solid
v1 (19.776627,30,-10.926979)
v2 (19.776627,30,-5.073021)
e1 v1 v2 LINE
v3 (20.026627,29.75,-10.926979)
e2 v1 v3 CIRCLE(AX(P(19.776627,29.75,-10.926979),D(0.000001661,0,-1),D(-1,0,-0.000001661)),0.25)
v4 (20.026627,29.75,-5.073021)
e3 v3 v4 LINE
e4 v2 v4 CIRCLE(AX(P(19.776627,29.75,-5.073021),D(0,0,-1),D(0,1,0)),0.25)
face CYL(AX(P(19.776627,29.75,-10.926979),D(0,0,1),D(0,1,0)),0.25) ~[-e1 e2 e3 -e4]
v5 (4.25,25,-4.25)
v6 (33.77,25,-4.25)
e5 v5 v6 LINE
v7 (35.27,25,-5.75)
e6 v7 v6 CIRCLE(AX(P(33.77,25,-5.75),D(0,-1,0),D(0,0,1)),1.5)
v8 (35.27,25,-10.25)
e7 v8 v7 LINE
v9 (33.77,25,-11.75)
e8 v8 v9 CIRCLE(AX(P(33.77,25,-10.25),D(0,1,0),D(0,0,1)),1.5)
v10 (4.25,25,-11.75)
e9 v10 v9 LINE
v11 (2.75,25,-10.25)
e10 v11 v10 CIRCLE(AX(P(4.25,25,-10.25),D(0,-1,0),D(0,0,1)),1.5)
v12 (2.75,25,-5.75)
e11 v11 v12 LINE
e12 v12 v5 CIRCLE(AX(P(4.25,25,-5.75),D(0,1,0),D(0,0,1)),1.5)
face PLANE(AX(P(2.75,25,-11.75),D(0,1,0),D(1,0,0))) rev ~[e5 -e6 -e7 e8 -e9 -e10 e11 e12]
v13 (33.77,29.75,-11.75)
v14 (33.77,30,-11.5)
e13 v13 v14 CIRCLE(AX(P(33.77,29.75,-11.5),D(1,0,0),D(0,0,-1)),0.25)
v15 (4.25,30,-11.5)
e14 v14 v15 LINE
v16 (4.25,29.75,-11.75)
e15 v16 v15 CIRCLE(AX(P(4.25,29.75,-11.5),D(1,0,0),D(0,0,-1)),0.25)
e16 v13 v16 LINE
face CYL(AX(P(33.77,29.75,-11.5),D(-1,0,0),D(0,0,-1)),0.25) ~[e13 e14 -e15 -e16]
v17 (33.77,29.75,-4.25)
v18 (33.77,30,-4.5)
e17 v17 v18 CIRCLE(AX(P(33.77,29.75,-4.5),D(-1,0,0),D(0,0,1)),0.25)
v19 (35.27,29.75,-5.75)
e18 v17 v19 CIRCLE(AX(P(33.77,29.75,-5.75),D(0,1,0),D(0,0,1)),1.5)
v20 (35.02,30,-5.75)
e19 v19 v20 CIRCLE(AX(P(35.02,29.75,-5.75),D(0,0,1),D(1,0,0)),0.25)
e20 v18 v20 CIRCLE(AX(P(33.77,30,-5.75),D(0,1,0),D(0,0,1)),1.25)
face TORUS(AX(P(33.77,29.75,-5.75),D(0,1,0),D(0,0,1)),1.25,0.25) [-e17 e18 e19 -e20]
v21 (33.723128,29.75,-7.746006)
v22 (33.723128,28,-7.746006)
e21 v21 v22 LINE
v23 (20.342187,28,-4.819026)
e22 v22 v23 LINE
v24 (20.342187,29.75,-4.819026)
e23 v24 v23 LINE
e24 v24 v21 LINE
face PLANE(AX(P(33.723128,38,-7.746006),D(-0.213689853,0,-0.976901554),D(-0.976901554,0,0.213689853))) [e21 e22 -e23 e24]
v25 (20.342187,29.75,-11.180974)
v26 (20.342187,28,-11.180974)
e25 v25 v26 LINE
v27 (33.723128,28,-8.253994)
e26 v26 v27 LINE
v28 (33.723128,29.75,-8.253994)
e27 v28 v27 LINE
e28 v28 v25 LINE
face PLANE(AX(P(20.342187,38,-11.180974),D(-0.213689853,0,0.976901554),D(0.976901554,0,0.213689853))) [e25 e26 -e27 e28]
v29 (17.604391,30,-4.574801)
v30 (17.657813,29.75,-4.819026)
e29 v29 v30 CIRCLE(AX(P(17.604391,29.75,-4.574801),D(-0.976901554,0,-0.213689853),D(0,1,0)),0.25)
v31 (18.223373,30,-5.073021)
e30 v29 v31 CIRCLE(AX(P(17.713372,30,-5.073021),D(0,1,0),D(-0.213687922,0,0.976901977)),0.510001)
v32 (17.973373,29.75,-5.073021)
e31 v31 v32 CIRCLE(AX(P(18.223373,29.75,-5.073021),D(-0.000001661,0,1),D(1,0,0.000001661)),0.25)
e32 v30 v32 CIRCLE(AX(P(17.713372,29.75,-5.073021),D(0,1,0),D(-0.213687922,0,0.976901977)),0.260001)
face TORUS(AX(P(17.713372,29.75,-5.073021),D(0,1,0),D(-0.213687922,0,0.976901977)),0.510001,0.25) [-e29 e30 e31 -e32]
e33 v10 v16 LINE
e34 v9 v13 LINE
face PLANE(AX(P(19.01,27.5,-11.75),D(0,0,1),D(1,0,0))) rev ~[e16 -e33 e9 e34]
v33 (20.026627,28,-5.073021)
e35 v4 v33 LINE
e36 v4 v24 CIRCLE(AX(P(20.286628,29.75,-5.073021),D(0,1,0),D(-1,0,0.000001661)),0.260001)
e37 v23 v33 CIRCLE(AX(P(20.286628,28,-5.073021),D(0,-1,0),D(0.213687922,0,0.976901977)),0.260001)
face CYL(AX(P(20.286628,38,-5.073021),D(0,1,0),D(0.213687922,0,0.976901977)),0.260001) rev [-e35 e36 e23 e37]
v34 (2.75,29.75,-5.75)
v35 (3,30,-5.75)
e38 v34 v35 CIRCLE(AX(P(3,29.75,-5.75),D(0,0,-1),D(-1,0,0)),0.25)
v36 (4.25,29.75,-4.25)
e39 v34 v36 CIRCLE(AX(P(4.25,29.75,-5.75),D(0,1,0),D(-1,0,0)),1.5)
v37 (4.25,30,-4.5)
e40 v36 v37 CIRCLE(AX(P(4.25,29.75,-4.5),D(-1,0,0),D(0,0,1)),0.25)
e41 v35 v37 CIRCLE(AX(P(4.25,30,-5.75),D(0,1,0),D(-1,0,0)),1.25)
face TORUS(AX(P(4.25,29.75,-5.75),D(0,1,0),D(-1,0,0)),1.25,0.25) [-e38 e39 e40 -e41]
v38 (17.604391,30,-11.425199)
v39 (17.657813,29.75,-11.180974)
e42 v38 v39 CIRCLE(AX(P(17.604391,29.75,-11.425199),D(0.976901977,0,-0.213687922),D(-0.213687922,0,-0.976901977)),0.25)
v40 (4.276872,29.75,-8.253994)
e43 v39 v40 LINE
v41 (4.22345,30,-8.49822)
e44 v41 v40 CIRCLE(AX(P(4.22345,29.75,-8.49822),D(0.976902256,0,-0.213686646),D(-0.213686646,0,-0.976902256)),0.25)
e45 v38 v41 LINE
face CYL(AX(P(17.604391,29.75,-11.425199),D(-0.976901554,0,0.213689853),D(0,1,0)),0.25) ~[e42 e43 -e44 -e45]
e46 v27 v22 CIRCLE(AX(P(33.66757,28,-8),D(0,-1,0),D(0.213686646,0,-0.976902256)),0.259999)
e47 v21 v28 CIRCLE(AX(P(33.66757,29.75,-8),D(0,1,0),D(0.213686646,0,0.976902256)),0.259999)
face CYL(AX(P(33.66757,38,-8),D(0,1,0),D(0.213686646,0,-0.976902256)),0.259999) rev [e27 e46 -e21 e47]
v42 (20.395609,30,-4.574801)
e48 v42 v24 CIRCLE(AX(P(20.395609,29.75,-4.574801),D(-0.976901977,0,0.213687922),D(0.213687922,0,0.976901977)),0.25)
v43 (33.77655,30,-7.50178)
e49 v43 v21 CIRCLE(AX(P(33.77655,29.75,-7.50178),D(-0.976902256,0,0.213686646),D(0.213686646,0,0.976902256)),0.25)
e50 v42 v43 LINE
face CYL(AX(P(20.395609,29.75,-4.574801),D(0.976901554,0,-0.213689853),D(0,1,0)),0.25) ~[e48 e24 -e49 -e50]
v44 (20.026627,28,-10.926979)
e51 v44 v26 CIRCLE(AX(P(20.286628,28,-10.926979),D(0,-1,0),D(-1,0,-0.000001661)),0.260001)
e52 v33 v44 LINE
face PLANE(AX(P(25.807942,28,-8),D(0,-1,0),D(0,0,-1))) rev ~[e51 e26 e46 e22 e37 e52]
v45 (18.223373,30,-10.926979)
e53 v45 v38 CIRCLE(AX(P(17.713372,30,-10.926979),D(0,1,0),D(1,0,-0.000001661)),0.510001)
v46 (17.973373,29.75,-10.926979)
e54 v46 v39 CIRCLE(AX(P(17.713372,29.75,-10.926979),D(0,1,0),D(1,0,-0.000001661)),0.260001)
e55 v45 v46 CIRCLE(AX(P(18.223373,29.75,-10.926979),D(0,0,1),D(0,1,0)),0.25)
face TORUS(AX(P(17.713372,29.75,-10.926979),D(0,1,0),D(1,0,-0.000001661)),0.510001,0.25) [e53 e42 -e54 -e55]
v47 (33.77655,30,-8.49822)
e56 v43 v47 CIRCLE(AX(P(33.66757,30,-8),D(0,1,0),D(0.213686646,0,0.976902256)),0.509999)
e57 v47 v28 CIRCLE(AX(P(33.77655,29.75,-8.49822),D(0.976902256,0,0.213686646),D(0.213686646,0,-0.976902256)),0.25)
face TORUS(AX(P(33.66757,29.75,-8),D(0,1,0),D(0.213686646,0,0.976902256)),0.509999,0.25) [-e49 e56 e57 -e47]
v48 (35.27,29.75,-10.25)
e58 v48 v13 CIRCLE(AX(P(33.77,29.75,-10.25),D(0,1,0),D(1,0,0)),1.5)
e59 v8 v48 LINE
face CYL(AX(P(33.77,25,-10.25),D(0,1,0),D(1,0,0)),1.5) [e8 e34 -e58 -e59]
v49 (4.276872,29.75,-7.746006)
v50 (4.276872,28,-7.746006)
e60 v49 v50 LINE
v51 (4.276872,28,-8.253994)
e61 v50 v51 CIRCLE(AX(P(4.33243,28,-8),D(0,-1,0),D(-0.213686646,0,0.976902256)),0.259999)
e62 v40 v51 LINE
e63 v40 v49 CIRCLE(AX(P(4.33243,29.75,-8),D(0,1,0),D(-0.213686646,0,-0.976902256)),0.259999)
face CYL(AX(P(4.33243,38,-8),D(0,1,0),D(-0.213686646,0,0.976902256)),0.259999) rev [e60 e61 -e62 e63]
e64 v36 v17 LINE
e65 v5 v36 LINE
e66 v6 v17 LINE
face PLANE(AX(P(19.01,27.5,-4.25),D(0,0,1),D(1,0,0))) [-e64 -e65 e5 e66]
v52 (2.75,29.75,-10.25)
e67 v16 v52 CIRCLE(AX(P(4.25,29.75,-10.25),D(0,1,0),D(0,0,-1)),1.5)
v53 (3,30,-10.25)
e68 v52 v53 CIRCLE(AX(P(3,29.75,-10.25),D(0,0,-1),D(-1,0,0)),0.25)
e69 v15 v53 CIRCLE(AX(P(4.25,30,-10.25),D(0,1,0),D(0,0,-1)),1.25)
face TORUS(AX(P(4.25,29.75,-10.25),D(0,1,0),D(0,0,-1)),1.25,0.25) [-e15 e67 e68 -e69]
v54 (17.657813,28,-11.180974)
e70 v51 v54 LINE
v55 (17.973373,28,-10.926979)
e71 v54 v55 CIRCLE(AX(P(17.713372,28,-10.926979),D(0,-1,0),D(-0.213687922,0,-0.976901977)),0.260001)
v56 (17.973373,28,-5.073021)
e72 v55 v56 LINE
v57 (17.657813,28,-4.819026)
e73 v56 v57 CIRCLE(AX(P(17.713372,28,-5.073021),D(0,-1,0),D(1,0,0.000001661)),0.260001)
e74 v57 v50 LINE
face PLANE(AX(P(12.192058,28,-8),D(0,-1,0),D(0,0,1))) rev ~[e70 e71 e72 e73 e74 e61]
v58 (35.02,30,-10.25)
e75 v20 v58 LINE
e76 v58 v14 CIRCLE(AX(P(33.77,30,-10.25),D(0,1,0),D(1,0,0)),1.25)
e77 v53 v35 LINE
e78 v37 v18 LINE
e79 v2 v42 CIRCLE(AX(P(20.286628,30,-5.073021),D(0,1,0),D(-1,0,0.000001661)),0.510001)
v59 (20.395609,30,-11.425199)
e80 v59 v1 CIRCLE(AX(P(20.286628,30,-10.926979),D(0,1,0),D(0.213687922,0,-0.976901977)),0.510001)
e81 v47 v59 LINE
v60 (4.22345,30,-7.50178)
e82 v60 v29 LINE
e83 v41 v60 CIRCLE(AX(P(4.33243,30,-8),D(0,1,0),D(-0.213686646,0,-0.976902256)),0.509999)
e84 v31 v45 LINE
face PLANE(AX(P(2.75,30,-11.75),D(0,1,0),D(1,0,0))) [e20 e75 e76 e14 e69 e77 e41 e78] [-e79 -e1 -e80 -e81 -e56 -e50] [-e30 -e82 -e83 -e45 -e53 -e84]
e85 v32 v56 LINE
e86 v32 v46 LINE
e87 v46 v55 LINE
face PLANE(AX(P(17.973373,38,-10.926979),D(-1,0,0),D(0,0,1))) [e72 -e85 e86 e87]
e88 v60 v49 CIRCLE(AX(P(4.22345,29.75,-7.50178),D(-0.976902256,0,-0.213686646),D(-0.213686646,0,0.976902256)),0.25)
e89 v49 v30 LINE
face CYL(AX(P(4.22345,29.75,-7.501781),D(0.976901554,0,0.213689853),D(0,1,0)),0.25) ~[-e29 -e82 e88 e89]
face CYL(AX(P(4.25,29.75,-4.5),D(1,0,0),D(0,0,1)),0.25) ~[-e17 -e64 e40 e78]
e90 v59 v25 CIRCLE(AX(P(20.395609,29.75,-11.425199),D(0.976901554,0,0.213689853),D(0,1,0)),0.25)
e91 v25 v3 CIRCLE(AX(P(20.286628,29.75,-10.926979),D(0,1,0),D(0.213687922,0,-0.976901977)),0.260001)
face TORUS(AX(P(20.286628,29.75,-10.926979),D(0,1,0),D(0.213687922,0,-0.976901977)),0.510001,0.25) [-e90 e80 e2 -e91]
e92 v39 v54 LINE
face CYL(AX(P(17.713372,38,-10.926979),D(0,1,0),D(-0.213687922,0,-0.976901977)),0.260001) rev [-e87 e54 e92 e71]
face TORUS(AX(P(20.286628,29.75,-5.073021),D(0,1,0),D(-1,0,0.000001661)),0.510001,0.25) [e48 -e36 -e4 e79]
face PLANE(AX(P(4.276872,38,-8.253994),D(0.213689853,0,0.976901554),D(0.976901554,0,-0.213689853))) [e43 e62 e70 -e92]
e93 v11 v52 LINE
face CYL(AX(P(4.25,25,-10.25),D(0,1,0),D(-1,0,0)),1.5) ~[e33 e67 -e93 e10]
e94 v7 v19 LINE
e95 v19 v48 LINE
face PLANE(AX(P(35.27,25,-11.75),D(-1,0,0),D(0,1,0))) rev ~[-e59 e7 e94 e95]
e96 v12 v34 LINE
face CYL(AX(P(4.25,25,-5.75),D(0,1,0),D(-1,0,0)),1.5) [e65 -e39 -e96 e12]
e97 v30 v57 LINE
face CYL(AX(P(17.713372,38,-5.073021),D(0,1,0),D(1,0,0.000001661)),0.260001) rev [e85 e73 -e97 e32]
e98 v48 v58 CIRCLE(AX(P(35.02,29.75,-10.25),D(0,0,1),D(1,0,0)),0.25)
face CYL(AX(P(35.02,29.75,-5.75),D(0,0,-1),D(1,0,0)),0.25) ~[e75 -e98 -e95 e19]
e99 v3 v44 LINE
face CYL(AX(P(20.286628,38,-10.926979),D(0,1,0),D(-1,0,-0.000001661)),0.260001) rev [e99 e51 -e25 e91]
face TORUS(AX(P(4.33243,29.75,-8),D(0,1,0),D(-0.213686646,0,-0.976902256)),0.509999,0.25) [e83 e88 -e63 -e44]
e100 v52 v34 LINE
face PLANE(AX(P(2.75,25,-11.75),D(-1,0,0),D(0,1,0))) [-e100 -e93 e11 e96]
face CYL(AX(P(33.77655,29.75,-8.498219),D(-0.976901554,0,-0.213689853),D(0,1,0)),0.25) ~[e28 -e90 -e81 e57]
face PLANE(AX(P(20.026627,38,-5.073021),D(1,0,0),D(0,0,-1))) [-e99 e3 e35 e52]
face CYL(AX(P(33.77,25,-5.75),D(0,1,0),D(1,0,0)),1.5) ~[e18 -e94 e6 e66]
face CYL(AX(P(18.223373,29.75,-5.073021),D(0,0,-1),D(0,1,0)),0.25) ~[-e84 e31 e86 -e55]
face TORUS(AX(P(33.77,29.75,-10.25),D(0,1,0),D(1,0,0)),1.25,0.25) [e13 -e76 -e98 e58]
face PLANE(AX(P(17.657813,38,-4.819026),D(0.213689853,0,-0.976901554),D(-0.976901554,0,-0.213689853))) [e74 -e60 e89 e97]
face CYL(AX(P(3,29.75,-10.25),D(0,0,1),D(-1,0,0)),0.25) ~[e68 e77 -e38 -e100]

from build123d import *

# Parameters (mm, degrees)
PAD001_DEPTH            = 10
BODY001_PLACEMENT_ANGLE = 90
PAD003_DEPTH            = 10
BODY003_PLACEMENT_ANGLE = 270
BOX005_W                = 32.52
BOX005_H                = 5
BOX005_DEPTH            = 7.5
FILLET002_R             = 1.5
FILLET003_R             = 0.25


with BuildPart() as body001:
    # Sketch001 → Pad001 (new body)
    with BuildSketch(Plane.XZ):
        with BuildLine():
            Line((-0.253994, 6.623128), (-3.180974, -6.757813))
            ThreePointArc((-3.180974, -6.757813), (-3.12952, -6.976398), (-2.926979, -7.073373))
            Line((-2.926979, -7.073373), (2.926979, -7.073373))
            ThreePointArc((2.926979, -7.073373), (3.12952, -6.976398), (3.180974, -6.757813))
            Line((3.180974, -6.757813), (0.253994, 6.623128))
            ThreePointArc((0.253994, 6.623128), (0, 6.827569), (-0.253994, 6.623128))
        make_face()
    extrude(amount=PAD001_DEPTH)


with BuildPart() as body001_1:
    # Body001 placement: moved
    add(body001.part.moved(Location((27.1, 63, -8))).rotate(Axis((27.1, 63, -8), (0, 1, 0)), BODY001_PLACEMENT_ANGLE))


with BuildPart() as wedge_holes:
    # Sketch003 → Pad003 (new body)
    with BuildSketch(Plane.XZ):
        with BuildLine():
            Line((-0.253994, 6.623128), (-3.180974, -6.757813))
            ThreePointArc((-3.180974, -6.757813), (-3.12952, -6.976398), (-2.926979, -7.073373))
            Line((-2.926979, -7.073373), (2.926979, -7.073373))
            ThreePointArc((2.926979, -7.073373), (3.12952, -6.976398), (3.180974, -6.757813))
            Line((3.180974, -6.757813), (0.253994, 6.623128))
            ThreePointArc((0.253994, 6.623128), (0, 6.827569), (-0.253994, 6.623128))
        make_face()
    extrude(amount=PAD003_DEPTH)


with BuildPart() as wedge_holes_1:
    # Body003 placement: moved
    add(wedge_holes.part.moved(Location((10.9, 63, -8))).rotate(Axis((10.9, 63, -8), (0, 1, 0)), BODY003_PLACEMENT_ANGLE))

    # Fusion003: union Body001
    add(body001_1.part)


with BuildPart() as wedge_holes_2:
    # Fusion003 placement: moved
    add(wedge_holes_1.part.moved(Location((0, -25, 0))))


with BuildPart() as fillet003:
    # Box005 → Box005 (new body)
    with BuildSketch(Plane(origin=(2.75, 25, -11.75), x_dir=(1, 0, 0), z_dir=(0, 0, 1))):
        with Locations((16.26, 2.5)):
            Rectangle(BOX005_W, BOX005_H)
    extrude(amount=BOX005_DEPTH)

    # Fillet002
    fillet002_edges = [fillet003.edges().sort_by_distance(p)[0] for p in [
        (2.75, 27.5, -4.25),
        (2.75, 27.5, -11.75),
        (35.27, 27.5, -4.25),
        (35.27, 27.5, -11.75),
    ]]
    fillet(fillet002_edges, radius=FILLET002_R)

    # Cut003: cut wedge holes
    add(wedge_holes_2.part, mode=Mode.SUBTRACT)

    # Fillet003
    fillet003_edges = [fillet003.edges().sort_by_distance(p)[0] for p in [
        (2.75, 30, -8),
        (3.18934, 30, -11.31066),
        (19.01, 30, -11.75),
        (34.83066, 30, -11.31066),
        (35.27, 30, -8),
        (3.18934, 30, -4.68934),
        (34.83066, 30, -4.68934),
        (19.01, 30, -4.25),
        (4.072431, 30, -8),
        (10.967343, 30, -6.282516),
        (17.876398, 30, -4.87048),
        (17.973373, 30, -8),
        (17.876398, 30, -11.12952),
        (10.967343, 30, -9.717484),
        (33.927569, 30, -8),
        (27.032657, 30, -9.717484),
        (20.123602, 30, -11.12952),
        (20.026627, 30, -8),
        (20.123602, 30, -4.87048),
        (27.032657, 30, -6.282516),
    ]]
    fillet(fillet003_edges, radius=FILLET003_R)


solid = fillet003.part
